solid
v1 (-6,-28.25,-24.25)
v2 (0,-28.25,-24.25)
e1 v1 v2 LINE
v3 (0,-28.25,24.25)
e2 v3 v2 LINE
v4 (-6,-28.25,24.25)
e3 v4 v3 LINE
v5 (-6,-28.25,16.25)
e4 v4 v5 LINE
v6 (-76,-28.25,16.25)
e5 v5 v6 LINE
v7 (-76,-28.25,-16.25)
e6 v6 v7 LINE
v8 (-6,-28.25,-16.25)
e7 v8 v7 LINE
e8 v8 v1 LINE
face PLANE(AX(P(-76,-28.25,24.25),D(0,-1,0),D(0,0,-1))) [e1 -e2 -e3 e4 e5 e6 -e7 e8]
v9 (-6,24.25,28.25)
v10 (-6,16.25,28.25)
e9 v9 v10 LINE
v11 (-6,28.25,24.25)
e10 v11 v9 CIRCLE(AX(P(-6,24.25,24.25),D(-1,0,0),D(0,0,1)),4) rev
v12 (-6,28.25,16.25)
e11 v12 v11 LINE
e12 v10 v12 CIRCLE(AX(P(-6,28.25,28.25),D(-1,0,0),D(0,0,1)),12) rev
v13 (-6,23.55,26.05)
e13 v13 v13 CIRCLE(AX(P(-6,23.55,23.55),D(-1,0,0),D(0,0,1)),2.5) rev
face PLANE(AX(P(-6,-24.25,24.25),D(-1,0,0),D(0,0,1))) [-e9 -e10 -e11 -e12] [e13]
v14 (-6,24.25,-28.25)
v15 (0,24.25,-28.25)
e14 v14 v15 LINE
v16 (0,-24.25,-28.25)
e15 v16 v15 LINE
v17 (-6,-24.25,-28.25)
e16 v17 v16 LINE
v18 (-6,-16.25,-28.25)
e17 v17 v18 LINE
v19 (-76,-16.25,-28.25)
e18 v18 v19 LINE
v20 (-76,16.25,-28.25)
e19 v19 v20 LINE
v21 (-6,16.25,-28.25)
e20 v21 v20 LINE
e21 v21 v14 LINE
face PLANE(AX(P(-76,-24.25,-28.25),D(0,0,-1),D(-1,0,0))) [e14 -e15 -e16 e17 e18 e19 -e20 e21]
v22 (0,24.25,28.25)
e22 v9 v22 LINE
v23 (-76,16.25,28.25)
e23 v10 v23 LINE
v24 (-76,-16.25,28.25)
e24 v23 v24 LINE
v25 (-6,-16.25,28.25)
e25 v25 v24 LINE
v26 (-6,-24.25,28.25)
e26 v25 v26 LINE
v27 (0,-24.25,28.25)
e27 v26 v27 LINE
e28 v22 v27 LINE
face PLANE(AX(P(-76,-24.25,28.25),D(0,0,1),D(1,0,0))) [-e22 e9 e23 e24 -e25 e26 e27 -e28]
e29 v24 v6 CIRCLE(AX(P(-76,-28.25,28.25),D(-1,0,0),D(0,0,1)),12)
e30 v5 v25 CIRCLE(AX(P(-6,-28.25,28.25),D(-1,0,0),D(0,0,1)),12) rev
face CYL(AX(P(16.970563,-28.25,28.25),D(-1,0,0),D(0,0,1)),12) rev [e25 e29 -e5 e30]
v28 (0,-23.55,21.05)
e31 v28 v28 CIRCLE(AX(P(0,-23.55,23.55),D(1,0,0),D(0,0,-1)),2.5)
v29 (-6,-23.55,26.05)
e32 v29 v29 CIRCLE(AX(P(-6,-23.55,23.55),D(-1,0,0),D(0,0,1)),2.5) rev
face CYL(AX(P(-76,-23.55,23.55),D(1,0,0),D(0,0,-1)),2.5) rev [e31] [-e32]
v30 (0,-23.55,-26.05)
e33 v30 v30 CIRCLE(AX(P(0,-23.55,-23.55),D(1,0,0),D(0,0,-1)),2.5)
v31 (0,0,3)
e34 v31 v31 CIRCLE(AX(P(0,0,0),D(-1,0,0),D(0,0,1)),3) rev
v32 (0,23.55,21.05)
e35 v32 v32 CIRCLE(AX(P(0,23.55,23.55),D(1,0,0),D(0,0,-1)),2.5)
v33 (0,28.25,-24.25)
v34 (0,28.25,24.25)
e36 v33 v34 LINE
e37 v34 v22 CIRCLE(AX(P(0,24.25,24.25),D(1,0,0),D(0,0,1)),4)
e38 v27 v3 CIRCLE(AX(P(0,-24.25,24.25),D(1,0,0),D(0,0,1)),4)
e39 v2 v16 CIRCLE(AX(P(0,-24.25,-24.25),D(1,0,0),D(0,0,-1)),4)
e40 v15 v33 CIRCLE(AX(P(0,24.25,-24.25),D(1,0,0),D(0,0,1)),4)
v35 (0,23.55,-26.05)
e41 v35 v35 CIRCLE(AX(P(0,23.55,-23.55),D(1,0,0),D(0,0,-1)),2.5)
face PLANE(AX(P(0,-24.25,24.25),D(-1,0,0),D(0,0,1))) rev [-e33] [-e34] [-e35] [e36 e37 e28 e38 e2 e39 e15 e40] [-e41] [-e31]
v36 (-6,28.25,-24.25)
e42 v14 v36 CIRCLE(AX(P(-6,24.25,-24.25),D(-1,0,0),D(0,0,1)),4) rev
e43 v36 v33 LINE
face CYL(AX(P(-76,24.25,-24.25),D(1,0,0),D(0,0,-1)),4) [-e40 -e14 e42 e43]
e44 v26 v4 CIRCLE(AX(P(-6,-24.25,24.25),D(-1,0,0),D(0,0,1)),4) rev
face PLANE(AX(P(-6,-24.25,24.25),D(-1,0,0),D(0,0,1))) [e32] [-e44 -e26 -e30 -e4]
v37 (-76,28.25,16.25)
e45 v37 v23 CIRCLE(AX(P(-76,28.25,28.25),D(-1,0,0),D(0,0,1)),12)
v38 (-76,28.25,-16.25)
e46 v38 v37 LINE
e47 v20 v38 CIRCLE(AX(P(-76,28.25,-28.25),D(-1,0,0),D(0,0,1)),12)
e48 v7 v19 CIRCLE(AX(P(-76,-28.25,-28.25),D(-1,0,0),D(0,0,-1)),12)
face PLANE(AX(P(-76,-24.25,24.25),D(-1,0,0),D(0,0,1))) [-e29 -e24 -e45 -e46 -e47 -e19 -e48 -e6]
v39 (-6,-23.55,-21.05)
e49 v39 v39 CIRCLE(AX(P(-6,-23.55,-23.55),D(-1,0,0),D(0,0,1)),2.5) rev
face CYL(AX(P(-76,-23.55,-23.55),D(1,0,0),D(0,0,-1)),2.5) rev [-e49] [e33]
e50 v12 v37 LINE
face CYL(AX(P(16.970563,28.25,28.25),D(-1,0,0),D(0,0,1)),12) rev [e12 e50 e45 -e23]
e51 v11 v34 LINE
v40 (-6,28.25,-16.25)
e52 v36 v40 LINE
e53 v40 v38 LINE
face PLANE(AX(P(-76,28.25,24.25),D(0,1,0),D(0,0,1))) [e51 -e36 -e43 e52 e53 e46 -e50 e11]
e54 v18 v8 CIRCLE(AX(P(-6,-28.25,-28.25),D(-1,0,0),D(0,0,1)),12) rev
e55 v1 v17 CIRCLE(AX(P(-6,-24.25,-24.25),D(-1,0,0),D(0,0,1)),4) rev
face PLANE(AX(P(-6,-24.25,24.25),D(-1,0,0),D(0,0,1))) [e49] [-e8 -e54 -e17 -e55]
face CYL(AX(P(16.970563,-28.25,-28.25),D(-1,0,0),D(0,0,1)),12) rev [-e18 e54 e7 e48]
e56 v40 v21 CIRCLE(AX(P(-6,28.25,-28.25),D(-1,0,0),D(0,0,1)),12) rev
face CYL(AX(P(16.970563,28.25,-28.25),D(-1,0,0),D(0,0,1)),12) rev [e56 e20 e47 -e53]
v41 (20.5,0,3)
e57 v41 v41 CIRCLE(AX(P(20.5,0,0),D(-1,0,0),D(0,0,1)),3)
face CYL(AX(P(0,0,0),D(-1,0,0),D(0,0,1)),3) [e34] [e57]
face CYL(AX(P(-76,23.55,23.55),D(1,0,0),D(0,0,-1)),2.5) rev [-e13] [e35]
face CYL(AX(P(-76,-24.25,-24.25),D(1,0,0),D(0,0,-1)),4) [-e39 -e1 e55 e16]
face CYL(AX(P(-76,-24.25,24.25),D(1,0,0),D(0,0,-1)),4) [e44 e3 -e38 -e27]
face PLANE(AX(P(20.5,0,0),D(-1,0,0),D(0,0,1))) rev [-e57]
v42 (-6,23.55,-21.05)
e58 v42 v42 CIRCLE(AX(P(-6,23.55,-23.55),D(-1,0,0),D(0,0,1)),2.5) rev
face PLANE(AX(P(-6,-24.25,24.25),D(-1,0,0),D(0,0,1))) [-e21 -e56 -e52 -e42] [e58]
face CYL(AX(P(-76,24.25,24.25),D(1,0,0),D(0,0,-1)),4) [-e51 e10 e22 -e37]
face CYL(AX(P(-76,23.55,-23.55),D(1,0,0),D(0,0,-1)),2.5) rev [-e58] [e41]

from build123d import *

# Parameters (mm, degrees)
SKETCH1_R           = 2.5
BOSS_EXTRUDE1_DEPTH = 76
SKETCH2_W           = 20.5
SKETCH2_H           = 3
CUT_EXTRUDE1_DEPTH  = 70


with BuildPart() as part:
    # Sketch1 → Boss-Extrude1 (new body)
    with BuildSketch(Plane(origin=(0, 0, 0), x_dir=(0, 0, -1), z_dir=(1, 0, 0))):
        with BuildLine():
            Line((-24.25, -28.25), (24.25, -28.25))
            ThreePointArc((24.25, -28.25), (27.078427125, -27.078427125), (28.25, -24.25))
            Line((28.25, -24.25), (28.25, 24.25))
            ThreePointArc((28.25, 24.25), (27.078427125, 27.078427125), (24.25, 28.25))
            Line((24.25, 28.25), (-24.25, 28.25))
            ThreePointArc((-24.25, 28.25), (-27.078427125, 27.078427125), (-28.25, 24.25))
            Line((-28.25, 24.25), (-28.25, -24.25))
            ThreePointArc((-28.25, -24.25), (-27.078427125, -27.078427125), (-24.25, -28.25))
        make_face()
        with Locations((-23.55, 23.55)):
            Circle(SKETCH1_R, mode=Mode.SUBTRACT)
        with Locations((-23.55, -23.55)):
            Circle(SKETCH1_R, mode=Mode.SUBTRACT)
        with Locations((23.55, -23.55)):
            Circle(SKETCH1_R, mode=Mode.SUBTRACT)
        with Locations((23.55, 23.55)):
            Circle(SKETCH1_R, mode=Mode.SUBTRACT)
    extrude(amount=-BOSS_EXTRUDE1_DEPTH)

    # Sketch2 → Revolve1 (revolve)
    with BuildSketch(Plane(origin=(0, 0, 0), x_dir=(1, 0, 0), z_dir=(0, 1, 0))):
        with Locations((10.25, 1.5)):
            Rectangle(SKETCH2_W, SKETCH2_H)
    revolve(axis=Axis((0, 0, 0), (1, 0, 0)))

    # Sketch3 → Cut-Extrude1 (cut)
    with BuildSketch(Plane.ZY.offset(76)):
        with BuildLine():
            Line((-28.25, -16.25), (-28.25, -24.25))
            ThreePointArc((-28.25, -24.25), (-27.078427125, -27.078427125), (-24.25, -28.25))
            Line((-24.25, -28.25), (-16.25, -28.25))
            ThreePointArc((-16.25, -28.25), (-19.764718626, -19.764718626), (-28.25, -16.25))
        make_face()
        with BuildLine():
            Line((-16.25, 28.25), (-24.25, 28.25))
            ThreePointArc((-24.25, 28.25), (-27.078427125, 27.078427125), (-28.25, 24.25))
            Line((-28.25, 24.25), (-28.25, 16.25))
            ThreePointArc((-28.25, 16.25), (-19.764718626, 19.764718626), (-16.25, 28.25))
        make_face()
        with BuildLine():
            Line((28.25, 16.25), (28.25, 24.25))
            ThreePointArc((28.25, 24.25), (27.078427125, 27.078427125), (24.25, 28.25))
            Line((24.25, 28.25), (16.25, 28.25))
            ThreePointArc((16.25, 28.25), (19.764718626, 19.764718626), (28.25, 16.25))
        make_face()
        with BuildLine():
            Line((16.25, -28.25), (24.25, -28.25))
            ThreePointArc((24.25, -28.25), (27.078427125, -27.078427125), (28.25, -24.25))
            Line((28.25, -24.25), (28.25, -16.25))
            ThreePointArc((28.25, -16.25), (19.764718626, -19.764718626), (16.25, -28.25))
        make_face()
    extrude(amount=-CUT_EXTRUDE1_DEPTH, mode=Mode.SUBTRACT)


solid = part.part
